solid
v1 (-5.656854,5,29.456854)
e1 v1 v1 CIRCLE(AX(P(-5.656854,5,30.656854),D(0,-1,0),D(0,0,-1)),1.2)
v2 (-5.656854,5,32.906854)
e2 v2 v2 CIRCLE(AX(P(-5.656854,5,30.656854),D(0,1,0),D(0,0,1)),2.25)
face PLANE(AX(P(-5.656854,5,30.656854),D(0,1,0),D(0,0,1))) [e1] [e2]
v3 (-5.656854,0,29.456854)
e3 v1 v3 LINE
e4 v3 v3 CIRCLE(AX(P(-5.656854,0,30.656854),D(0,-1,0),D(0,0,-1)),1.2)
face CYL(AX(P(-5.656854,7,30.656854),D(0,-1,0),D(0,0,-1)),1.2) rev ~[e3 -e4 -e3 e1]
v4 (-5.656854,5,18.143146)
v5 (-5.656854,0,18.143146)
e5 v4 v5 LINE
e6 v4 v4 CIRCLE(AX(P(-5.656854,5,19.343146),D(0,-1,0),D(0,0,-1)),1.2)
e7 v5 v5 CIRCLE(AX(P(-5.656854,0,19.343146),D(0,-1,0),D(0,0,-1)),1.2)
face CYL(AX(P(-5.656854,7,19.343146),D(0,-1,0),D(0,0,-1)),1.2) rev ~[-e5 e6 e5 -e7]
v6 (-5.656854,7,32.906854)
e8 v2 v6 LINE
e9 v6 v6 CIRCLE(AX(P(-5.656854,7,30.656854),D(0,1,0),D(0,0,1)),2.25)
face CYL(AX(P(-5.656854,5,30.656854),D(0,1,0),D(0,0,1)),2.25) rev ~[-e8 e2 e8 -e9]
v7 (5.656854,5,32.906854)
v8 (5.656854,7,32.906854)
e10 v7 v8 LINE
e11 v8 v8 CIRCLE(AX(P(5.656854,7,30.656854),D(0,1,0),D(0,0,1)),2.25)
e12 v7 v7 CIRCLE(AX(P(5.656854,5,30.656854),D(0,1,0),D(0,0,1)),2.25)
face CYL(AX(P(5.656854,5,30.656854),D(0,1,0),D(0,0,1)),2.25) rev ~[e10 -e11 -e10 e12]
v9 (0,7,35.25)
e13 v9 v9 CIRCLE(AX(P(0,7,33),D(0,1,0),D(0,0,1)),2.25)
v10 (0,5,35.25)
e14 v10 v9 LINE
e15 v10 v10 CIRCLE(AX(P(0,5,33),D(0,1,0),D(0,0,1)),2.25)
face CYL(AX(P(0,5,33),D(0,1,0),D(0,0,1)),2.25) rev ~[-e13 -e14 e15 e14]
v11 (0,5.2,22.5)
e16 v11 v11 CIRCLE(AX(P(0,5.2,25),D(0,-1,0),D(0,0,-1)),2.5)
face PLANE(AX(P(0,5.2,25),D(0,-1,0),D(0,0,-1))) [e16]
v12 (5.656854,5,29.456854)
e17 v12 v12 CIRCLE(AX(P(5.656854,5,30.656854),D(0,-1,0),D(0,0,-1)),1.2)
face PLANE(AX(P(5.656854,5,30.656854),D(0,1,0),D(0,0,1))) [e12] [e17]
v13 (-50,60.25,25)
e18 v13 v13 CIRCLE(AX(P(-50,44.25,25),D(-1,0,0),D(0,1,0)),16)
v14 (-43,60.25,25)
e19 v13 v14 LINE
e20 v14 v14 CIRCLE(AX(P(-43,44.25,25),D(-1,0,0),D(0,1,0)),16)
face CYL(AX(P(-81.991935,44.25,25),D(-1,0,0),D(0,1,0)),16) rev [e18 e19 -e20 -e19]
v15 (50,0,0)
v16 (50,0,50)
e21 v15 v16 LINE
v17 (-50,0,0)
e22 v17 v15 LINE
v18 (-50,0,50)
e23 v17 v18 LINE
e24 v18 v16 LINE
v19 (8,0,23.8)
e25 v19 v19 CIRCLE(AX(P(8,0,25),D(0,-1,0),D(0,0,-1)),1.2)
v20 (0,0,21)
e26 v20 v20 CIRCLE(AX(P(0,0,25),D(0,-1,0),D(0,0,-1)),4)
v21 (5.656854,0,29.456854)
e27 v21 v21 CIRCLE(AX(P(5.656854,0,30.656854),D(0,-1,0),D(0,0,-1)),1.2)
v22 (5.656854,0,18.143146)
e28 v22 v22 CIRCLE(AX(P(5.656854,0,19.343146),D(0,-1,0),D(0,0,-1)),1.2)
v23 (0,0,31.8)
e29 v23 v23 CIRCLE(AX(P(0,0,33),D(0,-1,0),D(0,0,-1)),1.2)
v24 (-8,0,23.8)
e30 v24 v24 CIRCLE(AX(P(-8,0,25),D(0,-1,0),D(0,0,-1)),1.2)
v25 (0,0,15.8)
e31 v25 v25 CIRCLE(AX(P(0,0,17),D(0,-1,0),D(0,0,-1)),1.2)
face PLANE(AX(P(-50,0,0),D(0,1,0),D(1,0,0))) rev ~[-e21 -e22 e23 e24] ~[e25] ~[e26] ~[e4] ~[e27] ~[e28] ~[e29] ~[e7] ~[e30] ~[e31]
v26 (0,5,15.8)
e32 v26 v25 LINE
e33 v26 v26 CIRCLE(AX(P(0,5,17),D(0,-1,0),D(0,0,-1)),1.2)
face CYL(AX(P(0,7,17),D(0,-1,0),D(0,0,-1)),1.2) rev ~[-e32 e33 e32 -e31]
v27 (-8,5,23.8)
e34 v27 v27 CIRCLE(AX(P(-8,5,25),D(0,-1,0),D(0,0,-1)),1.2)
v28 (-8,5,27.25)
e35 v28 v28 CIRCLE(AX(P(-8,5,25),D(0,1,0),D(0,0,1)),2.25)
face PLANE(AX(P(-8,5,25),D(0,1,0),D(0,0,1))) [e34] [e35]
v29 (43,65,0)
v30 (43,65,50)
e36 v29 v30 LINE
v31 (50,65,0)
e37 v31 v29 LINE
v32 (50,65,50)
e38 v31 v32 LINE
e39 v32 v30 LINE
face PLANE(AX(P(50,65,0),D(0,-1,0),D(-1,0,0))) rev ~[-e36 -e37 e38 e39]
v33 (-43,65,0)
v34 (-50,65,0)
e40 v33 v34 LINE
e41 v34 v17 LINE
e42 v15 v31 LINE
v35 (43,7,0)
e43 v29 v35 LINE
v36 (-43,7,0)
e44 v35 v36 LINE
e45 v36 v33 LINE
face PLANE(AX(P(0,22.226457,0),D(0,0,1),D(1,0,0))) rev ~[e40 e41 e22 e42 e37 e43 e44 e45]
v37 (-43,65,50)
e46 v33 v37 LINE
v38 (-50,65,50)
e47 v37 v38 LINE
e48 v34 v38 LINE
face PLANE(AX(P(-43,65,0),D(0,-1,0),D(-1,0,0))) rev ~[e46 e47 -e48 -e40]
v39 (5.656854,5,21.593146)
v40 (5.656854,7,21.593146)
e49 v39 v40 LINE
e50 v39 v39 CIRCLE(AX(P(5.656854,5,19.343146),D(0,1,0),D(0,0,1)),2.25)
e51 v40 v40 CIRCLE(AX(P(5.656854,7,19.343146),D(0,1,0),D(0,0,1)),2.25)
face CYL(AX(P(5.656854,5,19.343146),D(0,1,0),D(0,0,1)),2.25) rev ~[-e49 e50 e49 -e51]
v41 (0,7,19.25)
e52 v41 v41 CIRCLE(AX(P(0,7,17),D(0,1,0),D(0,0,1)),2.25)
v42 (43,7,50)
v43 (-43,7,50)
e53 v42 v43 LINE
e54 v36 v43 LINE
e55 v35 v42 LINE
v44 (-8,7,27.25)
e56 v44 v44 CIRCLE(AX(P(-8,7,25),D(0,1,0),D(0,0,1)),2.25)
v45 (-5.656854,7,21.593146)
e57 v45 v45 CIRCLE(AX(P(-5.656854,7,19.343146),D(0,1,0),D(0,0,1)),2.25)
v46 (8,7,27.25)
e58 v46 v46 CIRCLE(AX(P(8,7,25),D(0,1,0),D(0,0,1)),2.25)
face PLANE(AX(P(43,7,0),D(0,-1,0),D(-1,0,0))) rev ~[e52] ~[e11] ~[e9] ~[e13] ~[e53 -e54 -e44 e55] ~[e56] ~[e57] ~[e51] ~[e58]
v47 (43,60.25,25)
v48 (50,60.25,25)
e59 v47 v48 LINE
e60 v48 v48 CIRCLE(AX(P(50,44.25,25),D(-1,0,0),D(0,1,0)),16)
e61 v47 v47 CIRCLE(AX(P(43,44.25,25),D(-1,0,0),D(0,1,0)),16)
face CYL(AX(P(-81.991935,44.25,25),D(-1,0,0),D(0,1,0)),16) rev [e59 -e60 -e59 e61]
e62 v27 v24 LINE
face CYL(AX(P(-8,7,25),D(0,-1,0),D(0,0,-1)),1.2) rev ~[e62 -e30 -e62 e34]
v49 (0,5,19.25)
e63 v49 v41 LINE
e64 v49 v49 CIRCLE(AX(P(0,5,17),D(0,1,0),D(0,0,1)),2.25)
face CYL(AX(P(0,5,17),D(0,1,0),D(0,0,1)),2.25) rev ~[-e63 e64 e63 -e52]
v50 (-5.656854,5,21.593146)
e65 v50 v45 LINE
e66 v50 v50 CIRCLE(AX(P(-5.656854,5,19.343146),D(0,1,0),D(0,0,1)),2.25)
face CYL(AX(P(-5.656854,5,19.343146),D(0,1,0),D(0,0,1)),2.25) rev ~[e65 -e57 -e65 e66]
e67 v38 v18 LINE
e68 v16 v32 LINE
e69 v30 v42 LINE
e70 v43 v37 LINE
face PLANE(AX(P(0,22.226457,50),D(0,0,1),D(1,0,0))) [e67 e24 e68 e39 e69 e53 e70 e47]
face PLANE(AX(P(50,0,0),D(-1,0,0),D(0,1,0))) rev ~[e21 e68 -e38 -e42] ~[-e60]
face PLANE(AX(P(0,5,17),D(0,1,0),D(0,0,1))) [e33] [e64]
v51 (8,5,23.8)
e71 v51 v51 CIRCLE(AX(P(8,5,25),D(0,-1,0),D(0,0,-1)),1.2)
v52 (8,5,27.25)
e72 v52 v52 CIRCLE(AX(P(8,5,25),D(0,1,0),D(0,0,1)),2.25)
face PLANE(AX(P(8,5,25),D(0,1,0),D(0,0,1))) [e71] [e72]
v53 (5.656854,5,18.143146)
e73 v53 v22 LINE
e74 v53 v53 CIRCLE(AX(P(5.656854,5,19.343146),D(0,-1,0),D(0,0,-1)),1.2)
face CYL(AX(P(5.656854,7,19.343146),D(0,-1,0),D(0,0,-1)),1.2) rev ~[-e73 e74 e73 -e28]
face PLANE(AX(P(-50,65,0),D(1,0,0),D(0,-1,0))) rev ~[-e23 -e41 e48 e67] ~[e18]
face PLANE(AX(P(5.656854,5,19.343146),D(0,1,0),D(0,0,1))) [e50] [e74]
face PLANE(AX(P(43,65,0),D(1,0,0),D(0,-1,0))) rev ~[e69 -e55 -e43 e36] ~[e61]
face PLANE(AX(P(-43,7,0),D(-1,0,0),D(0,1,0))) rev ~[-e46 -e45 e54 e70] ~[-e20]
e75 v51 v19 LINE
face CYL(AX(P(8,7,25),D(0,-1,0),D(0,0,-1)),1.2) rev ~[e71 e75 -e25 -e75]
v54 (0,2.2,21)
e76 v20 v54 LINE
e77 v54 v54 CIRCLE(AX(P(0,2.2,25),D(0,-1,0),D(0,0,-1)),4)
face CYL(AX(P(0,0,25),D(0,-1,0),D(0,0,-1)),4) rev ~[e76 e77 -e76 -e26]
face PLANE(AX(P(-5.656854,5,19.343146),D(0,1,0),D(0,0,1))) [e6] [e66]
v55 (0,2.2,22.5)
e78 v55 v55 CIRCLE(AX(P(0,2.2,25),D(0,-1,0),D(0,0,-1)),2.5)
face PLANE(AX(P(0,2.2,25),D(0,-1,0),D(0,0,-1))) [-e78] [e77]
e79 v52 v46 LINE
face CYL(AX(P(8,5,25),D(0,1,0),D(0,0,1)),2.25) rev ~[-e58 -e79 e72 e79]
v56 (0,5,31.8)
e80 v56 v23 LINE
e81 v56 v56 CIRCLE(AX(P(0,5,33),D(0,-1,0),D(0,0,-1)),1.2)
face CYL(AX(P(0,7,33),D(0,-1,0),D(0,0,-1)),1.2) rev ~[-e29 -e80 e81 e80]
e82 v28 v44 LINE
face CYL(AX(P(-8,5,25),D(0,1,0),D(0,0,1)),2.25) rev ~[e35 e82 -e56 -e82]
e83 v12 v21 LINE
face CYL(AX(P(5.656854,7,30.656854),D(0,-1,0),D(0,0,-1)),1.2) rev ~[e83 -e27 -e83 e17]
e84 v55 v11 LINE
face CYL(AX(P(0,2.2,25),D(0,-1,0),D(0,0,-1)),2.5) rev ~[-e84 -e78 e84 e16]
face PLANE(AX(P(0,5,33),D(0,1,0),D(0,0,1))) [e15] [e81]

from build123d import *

# Parameters (mm, degrees)
BOSS_EXTRUDE1_DEPTH                             = 50
CBORE_FOR_M2_SOCKET_HEAD_CAP_SCREW1_D           = 2.4
CBORE_FOR_M2_SOCKET_HEAD_CAP_SCREW1_CBORE_D     = 4.5
CBORE_FOR_M2_SOCKET_HEAD_CAP_SCREW1_CBORE_DEPTH = 2
SKETCH7_R                                       = 4
CUT_EXTRUDE2_DEPTH                              = 2.2
SKETCH8_R                                       = 2.5
CUT_EXTRUDE3_DEPTH                              = 3
CUT_EXTRUDE4_DEPTH                              = 124.991935222
CUT_EXTRUDE4_DEPTH_BACK                         = 124.991935222
SKETCH3_R                                       = 16


with BuildPart() as part:
    # Sketch1 → Boss-Extrude1 (new body)
    with BuildSketch(Plane.XY):
        Polygon((-50, 0), (50, 0), (50, 65), (43, 65), (43, 7), (-43, 7), (-43, 65), (-50, 65), align=None)
    extrude(amount=BOSS_EXTRUDE1_DEPTH)

    # CBORE for M2 Socket Head Cap Screw1 (through all)
    with Locations(Plane(origin=(0, 7, 17), x_dir=(0, 0, 1), z_dir=(0, 1, 0))):
        with Locations((0, 0), (2.343145751, 5.656854249), (8, 8), (13.656854249, 5.656854249), (16, 0), (13.656854249, -5.656854249), (8, -8), (2.343145751, -5.656854249)):
            CounterBoreHole(CBORE_FOR_M2_SOCKET_HEAD_CAP_SCREW1_D / 2, CBORE_FOR_M2_SOCKET_HEAD_CAP_SCREW1_CBORE_D / 2, CBORE_FOR_M2_SOCKET_HEAD_CAP_SCREW1_CBORE_DEPTH)

    # Sketch7 → Cut-Extrude2 (cut)
    with BuildSketch(Plane.XZ):
        with Locations(Location((0, 25, 0), (0, 0, 270))):
            Circle(SKETCH7_R)
    extrude(amount=-CUT_EXTRUDE2_DEPTH, mode=Mode.SUBTRACT)

    # Sketch8 → Cut-Extrude3 (cut)
    with BuildSketch(Plane.XZ.offset(-2.2)):
        with Locations(Location((0, 25, 0), (0, 0, 270))):
            Circle(SKETCH8_R)
    extrude(amount=-CUT_EXTRUDE3_DEPTH, mode=Mode.SUBTRACT)

    # Sketch3 → Cut-Extrude4 (cut, two sides: drawn at the far end of the back side and taken through both)
    with BuildSketch(Plane(origin=(43, 0, 0), x_dir=(0, 0, -1), z_dir=(1, 0, 0)).offset(-CUT_EXTRUDE4_DEPTH_BACK)):
        with Locations(Location((-25, 44.25, 0), (0, 0, 90))):
            Circle(SKETCH3_R)
    extrude(amount=CUT_EXTRUDE4_DEPTH + CUT_EXTRUDE4_DEPTH_BACK, mode=Mode.SUBTRACT)


solid = part.part
